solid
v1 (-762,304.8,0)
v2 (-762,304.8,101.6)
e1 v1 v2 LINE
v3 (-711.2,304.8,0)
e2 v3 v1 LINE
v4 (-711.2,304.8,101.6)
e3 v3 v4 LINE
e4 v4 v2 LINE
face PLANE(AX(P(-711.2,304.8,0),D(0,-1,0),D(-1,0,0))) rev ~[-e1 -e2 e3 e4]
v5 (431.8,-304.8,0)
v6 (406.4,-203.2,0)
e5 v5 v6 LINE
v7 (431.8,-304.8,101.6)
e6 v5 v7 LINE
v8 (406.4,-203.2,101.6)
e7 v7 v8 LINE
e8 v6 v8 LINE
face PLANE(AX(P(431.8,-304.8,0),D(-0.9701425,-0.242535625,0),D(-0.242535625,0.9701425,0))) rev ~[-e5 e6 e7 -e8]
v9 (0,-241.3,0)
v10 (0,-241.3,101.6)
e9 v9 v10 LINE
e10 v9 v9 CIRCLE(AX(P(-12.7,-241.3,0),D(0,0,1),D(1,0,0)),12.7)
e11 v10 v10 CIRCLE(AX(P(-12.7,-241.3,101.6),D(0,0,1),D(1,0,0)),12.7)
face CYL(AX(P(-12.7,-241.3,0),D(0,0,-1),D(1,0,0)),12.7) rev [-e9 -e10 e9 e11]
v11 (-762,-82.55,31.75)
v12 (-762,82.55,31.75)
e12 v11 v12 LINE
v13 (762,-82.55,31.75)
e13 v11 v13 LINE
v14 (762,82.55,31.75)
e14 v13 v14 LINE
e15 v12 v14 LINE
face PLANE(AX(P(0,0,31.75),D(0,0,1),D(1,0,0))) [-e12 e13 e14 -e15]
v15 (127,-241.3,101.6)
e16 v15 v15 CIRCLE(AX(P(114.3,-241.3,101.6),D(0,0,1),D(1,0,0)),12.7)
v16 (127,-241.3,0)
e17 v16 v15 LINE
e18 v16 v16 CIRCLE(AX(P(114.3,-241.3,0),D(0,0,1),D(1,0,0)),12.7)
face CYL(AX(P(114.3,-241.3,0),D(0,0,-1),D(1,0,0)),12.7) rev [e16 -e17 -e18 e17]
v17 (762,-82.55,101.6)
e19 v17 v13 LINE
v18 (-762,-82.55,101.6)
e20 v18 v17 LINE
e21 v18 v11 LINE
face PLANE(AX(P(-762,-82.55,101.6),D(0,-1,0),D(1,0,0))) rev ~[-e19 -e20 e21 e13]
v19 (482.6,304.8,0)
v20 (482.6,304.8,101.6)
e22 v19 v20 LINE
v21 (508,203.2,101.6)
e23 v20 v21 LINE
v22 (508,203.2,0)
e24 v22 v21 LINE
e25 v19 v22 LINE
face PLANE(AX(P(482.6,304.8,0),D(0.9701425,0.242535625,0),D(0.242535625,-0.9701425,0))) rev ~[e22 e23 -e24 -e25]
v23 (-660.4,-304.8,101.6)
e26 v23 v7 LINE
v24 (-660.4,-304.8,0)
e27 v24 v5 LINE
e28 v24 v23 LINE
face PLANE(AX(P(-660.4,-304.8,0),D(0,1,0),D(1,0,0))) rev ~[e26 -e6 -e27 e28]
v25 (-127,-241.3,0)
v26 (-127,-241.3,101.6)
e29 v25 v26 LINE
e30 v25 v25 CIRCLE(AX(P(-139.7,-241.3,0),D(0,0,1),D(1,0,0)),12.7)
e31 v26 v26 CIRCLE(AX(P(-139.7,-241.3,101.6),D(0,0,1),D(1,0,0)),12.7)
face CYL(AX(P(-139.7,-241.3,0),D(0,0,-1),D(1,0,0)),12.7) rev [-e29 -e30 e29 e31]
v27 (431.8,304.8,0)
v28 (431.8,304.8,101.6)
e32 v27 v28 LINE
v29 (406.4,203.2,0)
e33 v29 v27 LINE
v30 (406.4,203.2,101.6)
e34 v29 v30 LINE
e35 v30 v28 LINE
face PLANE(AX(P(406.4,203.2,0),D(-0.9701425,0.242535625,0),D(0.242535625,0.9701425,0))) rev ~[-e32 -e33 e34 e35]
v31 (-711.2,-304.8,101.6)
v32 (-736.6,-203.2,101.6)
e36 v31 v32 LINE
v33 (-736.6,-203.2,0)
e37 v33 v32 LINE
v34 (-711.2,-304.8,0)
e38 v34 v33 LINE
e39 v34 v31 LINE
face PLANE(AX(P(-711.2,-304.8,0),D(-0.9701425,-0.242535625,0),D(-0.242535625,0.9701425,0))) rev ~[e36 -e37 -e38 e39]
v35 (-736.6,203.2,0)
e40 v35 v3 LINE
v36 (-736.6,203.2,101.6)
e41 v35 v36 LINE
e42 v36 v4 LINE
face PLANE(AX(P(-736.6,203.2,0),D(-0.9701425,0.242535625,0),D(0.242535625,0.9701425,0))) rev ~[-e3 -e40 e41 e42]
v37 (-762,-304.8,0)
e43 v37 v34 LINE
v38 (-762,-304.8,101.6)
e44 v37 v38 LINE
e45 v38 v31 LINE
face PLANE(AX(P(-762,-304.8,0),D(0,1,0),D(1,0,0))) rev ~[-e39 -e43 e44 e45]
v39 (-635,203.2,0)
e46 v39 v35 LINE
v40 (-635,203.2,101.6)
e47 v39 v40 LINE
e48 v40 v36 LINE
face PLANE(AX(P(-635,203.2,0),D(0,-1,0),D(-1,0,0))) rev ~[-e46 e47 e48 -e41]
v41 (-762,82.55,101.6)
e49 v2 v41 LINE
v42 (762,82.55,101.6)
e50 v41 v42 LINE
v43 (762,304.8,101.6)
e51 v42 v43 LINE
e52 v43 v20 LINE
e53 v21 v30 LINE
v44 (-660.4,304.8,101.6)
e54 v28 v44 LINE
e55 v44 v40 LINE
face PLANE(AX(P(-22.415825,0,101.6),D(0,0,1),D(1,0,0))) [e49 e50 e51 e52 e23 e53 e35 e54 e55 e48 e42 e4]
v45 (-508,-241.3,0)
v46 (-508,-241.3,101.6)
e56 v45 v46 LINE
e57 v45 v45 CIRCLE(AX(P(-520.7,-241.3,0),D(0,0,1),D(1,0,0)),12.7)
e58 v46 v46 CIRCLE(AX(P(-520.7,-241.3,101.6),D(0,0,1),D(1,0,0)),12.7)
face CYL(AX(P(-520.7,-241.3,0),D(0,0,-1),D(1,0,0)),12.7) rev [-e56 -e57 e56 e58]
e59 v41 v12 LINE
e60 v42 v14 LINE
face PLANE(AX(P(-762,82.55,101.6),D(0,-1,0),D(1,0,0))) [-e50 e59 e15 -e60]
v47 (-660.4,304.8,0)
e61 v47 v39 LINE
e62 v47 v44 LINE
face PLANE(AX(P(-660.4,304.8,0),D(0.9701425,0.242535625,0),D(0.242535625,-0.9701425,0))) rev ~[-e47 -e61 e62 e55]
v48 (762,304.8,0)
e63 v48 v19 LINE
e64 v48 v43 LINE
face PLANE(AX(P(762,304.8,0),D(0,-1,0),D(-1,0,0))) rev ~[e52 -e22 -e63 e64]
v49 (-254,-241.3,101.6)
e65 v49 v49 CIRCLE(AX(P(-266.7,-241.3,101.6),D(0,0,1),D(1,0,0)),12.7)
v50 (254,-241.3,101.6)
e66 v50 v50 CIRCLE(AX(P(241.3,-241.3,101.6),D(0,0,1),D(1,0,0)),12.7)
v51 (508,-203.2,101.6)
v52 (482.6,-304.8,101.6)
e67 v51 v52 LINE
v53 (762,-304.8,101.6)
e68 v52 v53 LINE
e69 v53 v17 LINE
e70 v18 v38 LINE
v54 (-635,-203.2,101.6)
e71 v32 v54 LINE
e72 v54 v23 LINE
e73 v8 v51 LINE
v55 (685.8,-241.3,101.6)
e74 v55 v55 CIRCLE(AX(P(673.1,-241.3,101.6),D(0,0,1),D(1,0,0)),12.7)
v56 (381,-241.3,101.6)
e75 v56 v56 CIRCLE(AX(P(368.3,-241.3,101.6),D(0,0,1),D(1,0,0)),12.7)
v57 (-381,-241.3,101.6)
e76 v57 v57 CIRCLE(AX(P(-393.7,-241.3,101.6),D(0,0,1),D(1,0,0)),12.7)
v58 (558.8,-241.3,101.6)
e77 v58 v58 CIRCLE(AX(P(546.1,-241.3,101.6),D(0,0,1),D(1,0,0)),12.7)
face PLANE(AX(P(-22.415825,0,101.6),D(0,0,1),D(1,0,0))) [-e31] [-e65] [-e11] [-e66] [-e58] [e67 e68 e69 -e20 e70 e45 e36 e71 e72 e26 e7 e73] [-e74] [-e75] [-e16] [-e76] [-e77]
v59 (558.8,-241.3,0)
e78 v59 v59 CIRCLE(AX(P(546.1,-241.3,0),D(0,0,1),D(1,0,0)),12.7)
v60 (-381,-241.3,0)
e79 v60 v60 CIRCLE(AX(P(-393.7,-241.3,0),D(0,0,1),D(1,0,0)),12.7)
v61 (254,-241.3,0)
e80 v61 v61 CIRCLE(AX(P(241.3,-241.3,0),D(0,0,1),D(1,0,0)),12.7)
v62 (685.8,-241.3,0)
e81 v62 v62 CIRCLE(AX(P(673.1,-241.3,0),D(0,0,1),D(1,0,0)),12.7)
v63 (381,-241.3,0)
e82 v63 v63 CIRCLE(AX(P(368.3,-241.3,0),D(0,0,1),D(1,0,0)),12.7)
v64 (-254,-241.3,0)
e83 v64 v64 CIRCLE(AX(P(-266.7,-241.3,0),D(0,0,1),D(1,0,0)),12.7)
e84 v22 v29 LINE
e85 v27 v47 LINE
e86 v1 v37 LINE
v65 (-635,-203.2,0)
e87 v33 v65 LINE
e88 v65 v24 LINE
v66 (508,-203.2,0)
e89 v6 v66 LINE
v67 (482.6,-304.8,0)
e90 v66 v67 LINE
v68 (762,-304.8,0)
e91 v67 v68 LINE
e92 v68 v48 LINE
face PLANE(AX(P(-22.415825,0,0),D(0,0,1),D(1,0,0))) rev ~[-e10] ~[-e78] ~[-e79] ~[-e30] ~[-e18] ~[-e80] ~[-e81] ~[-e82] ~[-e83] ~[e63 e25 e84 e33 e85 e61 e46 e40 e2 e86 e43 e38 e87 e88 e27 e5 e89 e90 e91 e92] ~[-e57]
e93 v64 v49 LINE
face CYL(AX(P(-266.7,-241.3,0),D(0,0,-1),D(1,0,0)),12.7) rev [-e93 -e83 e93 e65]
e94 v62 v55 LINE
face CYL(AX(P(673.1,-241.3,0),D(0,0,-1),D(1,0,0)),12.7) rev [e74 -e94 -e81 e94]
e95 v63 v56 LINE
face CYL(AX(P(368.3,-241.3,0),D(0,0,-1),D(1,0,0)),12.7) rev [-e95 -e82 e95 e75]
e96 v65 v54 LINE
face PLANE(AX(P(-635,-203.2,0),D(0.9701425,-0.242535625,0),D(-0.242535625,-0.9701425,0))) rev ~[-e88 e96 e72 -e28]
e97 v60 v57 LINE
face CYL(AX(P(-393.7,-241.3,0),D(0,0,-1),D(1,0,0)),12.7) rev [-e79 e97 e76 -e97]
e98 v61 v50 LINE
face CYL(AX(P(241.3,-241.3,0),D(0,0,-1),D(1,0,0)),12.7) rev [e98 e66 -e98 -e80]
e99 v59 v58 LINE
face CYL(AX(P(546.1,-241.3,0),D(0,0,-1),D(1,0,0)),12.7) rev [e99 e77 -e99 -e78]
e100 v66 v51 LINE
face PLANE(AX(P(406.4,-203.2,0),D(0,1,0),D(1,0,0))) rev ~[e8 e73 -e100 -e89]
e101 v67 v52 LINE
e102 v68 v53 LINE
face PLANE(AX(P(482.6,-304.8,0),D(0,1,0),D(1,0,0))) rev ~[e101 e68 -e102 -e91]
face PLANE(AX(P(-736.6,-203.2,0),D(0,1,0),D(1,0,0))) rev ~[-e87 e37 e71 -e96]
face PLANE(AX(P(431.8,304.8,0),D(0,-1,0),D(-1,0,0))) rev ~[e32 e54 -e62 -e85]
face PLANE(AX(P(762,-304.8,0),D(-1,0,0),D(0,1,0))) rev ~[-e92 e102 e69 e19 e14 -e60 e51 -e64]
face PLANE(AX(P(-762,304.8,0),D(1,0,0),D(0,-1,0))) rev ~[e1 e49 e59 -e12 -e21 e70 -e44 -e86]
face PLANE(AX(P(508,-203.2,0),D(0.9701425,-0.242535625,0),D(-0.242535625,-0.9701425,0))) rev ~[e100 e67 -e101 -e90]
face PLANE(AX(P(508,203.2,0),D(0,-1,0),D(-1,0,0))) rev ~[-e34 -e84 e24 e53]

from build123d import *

# Parameters (mm, degrees)
F0_R     = 12.7
F1_DEPTH = 101.6
F2_W     = 1524
F2_H     = 165.1
F3_DEPTH = 69.85


with BuildPart() as f1:
    # F0 (on Top) → F1 (new body)
    with BuildSketch(Plane.XY):
        Polygon((762, -304.8), (762, 304.8), (482.6, 304.8), (508, 203.2), (406.4, 203.2), (431.8, 304.8), (-635, 304.8), (-660.4, 304.8), (-635, 203.2), (-736.6, 203.2), (-711.2, 304.8), (-736.6, 304.8), (-762, 304.8), (-762, -304.8), (-736.6, -304.8), (-711.2, -304.8), (-736.6, -203.2), (-635, -203.2), (-660.4, -304.8), (-635, -304.8), (431.8, -304.8), (406.4, -203.2), (508, -203.2), (482.6, -304.8), align=None)
        with Locations((-520.7, -241.3)):
            Circle(F0_R, mode=Mode.SUBTRACT)
        with Locations((-393.7, -241.3)):
            Circle(F0_R, mode=Mode.SUBTRACT)
        with Locations((-266.7, -241.3)):
            Circle(F0_R, mode=Mode.SUBTRACT)
        with Locations((-139.7, -241.3)):
            Circle(F0_R, mode=Mode.SUBTRACT)
        with Locations((-12.7, -241.3)):
            Circle(F0_R, mode=Mode.SUBTRACT)
        with Locations((114.3, -241.3)):
            Circle(F0_R, mode=Mode.SUBTRACT)
        with Locations((241.3, -241.3)):
            Circle(F0_R, mode=Mode.SUBTRACT)
        with Locations((368.3, -241.3)):
            Circle(F0_R, mode=Mode.SUBTRACT)
        with Locations((546.1, -241.3)):
            Circle(F0_R, mode=Mode.SUBTRACT)
        with Locations((673.1, -241.3)):
            Circle(F0_R, mode=Mode.SUBTRACT)
    extrude(amount=F1_DEPTH)

    # F2 (on face) → F3 (cut)
    with BuildSketch(Plane.XY.offset(101.6)):
        Rectangle(F2_W, F2_H)
    extrude(amount=-F3_DEPTH, mode=Mode.SUBTRACT)


solid = f1.part
